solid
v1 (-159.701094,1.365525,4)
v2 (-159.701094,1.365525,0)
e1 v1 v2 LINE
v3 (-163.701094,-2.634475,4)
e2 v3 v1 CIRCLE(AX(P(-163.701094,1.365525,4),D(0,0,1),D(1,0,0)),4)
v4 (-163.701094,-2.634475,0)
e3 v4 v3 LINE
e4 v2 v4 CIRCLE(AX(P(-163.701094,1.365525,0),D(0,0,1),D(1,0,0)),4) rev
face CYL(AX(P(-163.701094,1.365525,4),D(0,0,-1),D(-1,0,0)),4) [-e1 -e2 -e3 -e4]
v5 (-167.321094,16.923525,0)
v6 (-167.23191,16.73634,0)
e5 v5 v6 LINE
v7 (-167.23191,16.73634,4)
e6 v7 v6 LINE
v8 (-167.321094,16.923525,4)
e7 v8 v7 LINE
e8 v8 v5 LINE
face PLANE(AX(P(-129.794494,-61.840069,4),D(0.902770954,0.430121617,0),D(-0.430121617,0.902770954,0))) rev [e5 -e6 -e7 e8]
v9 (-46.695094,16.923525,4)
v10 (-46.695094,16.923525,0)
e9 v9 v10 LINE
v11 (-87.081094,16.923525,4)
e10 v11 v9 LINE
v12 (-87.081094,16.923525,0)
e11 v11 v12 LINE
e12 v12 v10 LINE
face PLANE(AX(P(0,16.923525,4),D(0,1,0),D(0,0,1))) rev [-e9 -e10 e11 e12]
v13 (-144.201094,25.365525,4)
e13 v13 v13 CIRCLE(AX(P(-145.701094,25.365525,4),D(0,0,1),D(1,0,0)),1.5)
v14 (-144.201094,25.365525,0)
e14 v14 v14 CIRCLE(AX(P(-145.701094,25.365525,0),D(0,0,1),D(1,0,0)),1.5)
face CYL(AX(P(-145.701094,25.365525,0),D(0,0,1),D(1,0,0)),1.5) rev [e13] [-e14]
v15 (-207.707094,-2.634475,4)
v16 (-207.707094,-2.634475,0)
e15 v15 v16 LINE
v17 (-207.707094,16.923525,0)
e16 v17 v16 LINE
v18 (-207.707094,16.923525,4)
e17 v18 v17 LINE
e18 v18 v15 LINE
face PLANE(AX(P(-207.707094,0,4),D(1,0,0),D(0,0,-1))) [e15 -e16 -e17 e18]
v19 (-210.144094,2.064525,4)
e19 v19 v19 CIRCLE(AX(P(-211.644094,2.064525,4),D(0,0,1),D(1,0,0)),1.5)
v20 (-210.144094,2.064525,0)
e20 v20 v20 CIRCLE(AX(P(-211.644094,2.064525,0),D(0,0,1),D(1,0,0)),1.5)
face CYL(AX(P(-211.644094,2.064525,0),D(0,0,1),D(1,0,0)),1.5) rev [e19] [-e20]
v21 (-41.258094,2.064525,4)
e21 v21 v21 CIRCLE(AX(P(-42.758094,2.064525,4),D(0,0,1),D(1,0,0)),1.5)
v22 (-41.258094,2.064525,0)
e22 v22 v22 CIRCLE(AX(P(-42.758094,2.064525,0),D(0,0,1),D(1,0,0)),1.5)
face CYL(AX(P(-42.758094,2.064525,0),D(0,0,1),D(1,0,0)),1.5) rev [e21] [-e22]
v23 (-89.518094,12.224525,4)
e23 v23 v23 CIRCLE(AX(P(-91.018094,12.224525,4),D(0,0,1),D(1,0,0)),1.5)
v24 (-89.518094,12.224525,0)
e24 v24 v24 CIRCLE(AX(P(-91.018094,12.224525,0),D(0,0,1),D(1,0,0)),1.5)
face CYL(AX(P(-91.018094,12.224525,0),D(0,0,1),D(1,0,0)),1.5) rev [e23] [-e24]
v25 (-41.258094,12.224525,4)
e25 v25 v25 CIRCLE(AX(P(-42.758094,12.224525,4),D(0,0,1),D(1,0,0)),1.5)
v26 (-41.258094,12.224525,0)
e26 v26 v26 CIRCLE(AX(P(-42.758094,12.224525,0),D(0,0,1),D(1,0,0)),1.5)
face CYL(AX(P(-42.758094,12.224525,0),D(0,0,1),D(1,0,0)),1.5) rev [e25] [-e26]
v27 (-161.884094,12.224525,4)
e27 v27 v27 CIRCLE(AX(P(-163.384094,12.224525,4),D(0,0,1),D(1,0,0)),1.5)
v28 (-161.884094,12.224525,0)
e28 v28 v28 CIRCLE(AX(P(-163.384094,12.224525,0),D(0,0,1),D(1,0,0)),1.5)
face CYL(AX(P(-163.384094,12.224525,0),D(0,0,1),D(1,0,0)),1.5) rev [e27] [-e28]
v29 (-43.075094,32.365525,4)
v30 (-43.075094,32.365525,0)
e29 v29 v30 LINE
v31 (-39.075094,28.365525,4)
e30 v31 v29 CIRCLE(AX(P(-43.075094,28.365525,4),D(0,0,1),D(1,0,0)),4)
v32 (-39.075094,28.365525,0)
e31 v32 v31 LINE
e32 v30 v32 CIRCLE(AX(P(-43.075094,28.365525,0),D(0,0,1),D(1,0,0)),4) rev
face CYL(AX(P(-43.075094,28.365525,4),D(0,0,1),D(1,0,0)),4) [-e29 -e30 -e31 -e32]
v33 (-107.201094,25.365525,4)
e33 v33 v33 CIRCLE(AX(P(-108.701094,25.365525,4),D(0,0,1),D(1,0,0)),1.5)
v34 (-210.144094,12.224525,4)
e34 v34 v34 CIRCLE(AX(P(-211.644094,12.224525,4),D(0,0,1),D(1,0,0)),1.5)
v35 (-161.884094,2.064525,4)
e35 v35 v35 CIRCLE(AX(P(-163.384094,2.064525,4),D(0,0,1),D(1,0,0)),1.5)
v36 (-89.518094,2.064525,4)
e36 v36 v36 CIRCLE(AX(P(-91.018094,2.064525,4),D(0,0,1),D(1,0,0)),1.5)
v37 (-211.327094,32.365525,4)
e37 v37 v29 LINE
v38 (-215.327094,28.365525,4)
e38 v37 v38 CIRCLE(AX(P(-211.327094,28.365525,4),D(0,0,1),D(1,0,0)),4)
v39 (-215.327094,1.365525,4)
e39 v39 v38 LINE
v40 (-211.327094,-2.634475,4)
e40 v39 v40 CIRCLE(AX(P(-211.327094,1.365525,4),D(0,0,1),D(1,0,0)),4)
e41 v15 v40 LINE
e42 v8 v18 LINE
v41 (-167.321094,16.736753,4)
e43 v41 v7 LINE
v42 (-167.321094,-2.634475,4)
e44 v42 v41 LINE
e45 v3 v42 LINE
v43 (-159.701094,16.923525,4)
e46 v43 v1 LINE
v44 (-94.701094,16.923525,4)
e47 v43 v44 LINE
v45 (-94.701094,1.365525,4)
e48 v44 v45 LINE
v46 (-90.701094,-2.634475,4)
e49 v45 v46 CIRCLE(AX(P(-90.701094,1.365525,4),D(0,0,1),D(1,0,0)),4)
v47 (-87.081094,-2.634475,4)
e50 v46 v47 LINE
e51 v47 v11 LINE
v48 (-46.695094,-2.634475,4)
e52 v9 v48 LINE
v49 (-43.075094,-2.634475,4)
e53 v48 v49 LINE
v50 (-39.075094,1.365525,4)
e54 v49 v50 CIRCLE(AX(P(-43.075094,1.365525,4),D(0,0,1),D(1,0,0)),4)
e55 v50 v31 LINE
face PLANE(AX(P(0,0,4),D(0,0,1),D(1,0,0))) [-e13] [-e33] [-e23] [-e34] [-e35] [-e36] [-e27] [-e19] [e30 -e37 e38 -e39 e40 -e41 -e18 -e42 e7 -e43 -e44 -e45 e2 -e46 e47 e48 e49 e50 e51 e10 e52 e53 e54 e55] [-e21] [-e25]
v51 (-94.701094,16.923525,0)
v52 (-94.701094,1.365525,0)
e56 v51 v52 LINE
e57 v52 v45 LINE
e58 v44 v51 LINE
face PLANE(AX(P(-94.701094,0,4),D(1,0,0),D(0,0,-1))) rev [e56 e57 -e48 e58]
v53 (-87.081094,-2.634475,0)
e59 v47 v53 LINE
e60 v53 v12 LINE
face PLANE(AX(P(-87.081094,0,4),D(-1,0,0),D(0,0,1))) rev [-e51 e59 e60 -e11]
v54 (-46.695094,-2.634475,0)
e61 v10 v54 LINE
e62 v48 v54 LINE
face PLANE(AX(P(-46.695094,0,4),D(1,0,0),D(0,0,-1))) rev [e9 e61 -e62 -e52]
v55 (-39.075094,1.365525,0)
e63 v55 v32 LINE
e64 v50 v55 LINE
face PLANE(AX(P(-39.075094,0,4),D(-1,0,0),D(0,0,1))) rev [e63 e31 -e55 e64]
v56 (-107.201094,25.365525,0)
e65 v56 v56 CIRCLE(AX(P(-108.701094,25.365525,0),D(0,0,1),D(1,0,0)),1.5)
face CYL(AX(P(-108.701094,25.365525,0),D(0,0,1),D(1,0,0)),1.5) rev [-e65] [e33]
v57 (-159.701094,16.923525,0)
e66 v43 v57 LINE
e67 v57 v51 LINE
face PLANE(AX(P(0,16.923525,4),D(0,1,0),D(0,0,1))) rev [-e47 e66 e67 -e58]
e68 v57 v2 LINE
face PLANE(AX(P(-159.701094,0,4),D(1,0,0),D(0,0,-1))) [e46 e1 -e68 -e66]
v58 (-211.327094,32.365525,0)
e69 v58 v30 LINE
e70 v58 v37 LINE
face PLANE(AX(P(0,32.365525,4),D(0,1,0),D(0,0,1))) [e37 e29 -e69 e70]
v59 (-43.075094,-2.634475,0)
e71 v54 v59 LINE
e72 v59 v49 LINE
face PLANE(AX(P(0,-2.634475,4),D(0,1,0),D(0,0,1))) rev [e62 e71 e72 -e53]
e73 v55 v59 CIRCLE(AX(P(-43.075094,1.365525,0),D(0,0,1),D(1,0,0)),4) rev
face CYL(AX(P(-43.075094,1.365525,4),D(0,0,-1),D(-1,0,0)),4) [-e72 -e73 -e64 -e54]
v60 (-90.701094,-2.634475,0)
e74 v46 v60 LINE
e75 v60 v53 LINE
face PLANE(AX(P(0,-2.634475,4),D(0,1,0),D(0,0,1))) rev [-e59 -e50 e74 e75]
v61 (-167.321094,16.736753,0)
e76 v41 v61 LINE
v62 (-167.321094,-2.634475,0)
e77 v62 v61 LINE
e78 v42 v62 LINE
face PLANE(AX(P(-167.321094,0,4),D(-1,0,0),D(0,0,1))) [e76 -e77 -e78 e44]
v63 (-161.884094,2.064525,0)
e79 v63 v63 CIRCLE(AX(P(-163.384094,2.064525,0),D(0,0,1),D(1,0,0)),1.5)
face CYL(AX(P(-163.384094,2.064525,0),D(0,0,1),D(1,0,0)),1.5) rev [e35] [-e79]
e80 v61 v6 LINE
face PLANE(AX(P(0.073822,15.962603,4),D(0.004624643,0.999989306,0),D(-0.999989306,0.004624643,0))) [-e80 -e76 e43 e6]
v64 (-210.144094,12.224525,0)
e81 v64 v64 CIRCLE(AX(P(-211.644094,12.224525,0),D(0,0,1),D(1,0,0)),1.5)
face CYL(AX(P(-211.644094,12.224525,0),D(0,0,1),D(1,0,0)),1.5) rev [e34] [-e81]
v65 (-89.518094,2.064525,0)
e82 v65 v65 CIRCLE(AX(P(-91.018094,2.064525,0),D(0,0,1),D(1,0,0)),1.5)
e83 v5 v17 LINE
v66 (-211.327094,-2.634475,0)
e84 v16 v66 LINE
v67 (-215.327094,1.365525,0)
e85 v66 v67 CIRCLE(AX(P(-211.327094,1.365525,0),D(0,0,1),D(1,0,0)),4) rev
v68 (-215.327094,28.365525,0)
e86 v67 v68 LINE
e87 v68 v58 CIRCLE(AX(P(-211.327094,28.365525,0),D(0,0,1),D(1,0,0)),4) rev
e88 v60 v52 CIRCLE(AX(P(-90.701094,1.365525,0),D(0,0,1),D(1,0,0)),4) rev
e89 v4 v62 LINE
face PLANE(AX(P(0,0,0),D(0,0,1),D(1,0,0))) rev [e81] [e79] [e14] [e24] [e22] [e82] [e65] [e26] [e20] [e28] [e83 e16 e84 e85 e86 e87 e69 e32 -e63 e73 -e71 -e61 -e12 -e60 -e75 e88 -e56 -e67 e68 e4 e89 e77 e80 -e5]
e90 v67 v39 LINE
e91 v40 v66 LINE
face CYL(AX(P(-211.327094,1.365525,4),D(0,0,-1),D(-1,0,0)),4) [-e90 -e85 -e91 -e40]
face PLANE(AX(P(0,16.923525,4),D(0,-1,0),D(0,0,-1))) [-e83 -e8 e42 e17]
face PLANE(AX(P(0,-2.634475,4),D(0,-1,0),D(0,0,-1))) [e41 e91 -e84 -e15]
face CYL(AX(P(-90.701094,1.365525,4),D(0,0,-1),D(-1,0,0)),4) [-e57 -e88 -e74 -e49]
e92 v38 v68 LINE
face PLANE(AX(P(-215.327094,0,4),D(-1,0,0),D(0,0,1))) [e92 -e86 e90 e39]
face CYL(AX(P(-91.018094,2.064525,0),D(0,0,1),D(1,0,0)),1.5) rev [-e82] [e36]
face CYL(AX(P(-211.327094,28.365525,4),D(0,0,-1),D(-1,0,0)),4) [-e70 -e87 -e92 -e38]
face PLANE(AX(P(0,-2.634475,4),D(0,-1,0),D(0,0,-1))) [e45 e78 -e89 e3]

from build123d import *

# Parameters (mm, degrees)
BOSS_EXTRUDE2_DEPTH = 4
FILLET1_R           = 4
SKETCH6_R           = 1.5
CUT_EXTRUDE1_DEPTH  = 4
SKETCH3_R           = 1.5
CUT_EXTRUDE2_DEPTH  = 4


with BuildPart() as part:
    # Sketch2 → Boss-Extrude2 (new body)
    with BuildSketch(Plane.XY):
        Polygon((-87.081093968, -2.634474623), (-87.081093968, 16.923525377), (-46.695093968, 16.923525377), (-46.695093968, -2.634474623), (-39.075093968, -2.634474623), (-39.075093968, 32.365525377), (-67.081093968, 32.365525377), (-74.701093968, 32.365525377), (-159.701093968, 32.365525377), (-167.321093968, 32.365525377), (-215.327093968, 32.365525377), (-215.327093968, -2.634474623), (-207.707093968, -2.634474623), (-207.707093968, 16.923525377), (-167.321093968, 16.923525377), (-167.231910297, 16.736340115), (-167.321093968, 16.736752562), (-167.321093968, -2.634474623), (-159.701093968, -2.634474623), (-159.701093968, 16.923525377), (-94.701093968, 16.923525377), (-94.701093968, -2.634474623), align=None)
    extrude(amount=BOSS_EXTRUDE2_DEPTH)

    # Fillet1
    fillet1_edges = [part.edges().sort_by_distance(p)[0] for p in [
        (-39.075093968, 32.365525377, 2),
        (-39.075093968, -2.634474623, 2),
        (-94.701093968, -2.634474623, 2),
        (-159.701093968, -2.634474623, 2),
        (-215.327093968, -2.634474623, 2),
        (-215.327093968, 32.365525377, 2),
    ]]
    fillet(fillet1_edges, radius=FILLET1_R)

    # Sketch6 → Cut-Extrude1 (cut)
    with BuildSketch(Plane.XY.offset(4)):
        with Locations((-211.644093968, 12.224525377)):
            Circle(SKETCH6_R)
        with Locations((-163.384093968, 12.224525377)):
            Circle(SKETCH6_R)
        with Locations((-163.384093968, 2.064525377)):
            Circle(SKETCH6_R)
        with Locations((-211.644093968, 2.064525377)):
            Circle(SKETCH6_R)
        with Locations((-91.018093968, 12.224525377)):
            Circle(SKETCH6_R)
        with Locations((-42.758093968, 12.224525377)):
            Circle(SKETCH6_R)
        with Locations((-42.758093968, 2.064525377)):
            Circle(SKETCH6_R)
        with Locations((-91.018093968, 2.064525377)):
            Circle(SKETCH6_R)
    extrude(amount=-CUT_EXTRUDE1_DEPTH, mode=Mode.SUBTRACT)

    # Sketch3 → Cut-Extrude2 (cut)
    with BuildSketch(Plane.XY.offset(4)):
        with Locations((-145.701093968, 25.365525377)):
            Circle(SKETCH3_R)
        with Locations((-108.701093968, 25.365525377)):
            Circle(SKETCH3_R)
    extrude(amount=-CUT_EXTRUDE2_DEPTH, mode=Mode.SUBTRACT)


solid = part.part
